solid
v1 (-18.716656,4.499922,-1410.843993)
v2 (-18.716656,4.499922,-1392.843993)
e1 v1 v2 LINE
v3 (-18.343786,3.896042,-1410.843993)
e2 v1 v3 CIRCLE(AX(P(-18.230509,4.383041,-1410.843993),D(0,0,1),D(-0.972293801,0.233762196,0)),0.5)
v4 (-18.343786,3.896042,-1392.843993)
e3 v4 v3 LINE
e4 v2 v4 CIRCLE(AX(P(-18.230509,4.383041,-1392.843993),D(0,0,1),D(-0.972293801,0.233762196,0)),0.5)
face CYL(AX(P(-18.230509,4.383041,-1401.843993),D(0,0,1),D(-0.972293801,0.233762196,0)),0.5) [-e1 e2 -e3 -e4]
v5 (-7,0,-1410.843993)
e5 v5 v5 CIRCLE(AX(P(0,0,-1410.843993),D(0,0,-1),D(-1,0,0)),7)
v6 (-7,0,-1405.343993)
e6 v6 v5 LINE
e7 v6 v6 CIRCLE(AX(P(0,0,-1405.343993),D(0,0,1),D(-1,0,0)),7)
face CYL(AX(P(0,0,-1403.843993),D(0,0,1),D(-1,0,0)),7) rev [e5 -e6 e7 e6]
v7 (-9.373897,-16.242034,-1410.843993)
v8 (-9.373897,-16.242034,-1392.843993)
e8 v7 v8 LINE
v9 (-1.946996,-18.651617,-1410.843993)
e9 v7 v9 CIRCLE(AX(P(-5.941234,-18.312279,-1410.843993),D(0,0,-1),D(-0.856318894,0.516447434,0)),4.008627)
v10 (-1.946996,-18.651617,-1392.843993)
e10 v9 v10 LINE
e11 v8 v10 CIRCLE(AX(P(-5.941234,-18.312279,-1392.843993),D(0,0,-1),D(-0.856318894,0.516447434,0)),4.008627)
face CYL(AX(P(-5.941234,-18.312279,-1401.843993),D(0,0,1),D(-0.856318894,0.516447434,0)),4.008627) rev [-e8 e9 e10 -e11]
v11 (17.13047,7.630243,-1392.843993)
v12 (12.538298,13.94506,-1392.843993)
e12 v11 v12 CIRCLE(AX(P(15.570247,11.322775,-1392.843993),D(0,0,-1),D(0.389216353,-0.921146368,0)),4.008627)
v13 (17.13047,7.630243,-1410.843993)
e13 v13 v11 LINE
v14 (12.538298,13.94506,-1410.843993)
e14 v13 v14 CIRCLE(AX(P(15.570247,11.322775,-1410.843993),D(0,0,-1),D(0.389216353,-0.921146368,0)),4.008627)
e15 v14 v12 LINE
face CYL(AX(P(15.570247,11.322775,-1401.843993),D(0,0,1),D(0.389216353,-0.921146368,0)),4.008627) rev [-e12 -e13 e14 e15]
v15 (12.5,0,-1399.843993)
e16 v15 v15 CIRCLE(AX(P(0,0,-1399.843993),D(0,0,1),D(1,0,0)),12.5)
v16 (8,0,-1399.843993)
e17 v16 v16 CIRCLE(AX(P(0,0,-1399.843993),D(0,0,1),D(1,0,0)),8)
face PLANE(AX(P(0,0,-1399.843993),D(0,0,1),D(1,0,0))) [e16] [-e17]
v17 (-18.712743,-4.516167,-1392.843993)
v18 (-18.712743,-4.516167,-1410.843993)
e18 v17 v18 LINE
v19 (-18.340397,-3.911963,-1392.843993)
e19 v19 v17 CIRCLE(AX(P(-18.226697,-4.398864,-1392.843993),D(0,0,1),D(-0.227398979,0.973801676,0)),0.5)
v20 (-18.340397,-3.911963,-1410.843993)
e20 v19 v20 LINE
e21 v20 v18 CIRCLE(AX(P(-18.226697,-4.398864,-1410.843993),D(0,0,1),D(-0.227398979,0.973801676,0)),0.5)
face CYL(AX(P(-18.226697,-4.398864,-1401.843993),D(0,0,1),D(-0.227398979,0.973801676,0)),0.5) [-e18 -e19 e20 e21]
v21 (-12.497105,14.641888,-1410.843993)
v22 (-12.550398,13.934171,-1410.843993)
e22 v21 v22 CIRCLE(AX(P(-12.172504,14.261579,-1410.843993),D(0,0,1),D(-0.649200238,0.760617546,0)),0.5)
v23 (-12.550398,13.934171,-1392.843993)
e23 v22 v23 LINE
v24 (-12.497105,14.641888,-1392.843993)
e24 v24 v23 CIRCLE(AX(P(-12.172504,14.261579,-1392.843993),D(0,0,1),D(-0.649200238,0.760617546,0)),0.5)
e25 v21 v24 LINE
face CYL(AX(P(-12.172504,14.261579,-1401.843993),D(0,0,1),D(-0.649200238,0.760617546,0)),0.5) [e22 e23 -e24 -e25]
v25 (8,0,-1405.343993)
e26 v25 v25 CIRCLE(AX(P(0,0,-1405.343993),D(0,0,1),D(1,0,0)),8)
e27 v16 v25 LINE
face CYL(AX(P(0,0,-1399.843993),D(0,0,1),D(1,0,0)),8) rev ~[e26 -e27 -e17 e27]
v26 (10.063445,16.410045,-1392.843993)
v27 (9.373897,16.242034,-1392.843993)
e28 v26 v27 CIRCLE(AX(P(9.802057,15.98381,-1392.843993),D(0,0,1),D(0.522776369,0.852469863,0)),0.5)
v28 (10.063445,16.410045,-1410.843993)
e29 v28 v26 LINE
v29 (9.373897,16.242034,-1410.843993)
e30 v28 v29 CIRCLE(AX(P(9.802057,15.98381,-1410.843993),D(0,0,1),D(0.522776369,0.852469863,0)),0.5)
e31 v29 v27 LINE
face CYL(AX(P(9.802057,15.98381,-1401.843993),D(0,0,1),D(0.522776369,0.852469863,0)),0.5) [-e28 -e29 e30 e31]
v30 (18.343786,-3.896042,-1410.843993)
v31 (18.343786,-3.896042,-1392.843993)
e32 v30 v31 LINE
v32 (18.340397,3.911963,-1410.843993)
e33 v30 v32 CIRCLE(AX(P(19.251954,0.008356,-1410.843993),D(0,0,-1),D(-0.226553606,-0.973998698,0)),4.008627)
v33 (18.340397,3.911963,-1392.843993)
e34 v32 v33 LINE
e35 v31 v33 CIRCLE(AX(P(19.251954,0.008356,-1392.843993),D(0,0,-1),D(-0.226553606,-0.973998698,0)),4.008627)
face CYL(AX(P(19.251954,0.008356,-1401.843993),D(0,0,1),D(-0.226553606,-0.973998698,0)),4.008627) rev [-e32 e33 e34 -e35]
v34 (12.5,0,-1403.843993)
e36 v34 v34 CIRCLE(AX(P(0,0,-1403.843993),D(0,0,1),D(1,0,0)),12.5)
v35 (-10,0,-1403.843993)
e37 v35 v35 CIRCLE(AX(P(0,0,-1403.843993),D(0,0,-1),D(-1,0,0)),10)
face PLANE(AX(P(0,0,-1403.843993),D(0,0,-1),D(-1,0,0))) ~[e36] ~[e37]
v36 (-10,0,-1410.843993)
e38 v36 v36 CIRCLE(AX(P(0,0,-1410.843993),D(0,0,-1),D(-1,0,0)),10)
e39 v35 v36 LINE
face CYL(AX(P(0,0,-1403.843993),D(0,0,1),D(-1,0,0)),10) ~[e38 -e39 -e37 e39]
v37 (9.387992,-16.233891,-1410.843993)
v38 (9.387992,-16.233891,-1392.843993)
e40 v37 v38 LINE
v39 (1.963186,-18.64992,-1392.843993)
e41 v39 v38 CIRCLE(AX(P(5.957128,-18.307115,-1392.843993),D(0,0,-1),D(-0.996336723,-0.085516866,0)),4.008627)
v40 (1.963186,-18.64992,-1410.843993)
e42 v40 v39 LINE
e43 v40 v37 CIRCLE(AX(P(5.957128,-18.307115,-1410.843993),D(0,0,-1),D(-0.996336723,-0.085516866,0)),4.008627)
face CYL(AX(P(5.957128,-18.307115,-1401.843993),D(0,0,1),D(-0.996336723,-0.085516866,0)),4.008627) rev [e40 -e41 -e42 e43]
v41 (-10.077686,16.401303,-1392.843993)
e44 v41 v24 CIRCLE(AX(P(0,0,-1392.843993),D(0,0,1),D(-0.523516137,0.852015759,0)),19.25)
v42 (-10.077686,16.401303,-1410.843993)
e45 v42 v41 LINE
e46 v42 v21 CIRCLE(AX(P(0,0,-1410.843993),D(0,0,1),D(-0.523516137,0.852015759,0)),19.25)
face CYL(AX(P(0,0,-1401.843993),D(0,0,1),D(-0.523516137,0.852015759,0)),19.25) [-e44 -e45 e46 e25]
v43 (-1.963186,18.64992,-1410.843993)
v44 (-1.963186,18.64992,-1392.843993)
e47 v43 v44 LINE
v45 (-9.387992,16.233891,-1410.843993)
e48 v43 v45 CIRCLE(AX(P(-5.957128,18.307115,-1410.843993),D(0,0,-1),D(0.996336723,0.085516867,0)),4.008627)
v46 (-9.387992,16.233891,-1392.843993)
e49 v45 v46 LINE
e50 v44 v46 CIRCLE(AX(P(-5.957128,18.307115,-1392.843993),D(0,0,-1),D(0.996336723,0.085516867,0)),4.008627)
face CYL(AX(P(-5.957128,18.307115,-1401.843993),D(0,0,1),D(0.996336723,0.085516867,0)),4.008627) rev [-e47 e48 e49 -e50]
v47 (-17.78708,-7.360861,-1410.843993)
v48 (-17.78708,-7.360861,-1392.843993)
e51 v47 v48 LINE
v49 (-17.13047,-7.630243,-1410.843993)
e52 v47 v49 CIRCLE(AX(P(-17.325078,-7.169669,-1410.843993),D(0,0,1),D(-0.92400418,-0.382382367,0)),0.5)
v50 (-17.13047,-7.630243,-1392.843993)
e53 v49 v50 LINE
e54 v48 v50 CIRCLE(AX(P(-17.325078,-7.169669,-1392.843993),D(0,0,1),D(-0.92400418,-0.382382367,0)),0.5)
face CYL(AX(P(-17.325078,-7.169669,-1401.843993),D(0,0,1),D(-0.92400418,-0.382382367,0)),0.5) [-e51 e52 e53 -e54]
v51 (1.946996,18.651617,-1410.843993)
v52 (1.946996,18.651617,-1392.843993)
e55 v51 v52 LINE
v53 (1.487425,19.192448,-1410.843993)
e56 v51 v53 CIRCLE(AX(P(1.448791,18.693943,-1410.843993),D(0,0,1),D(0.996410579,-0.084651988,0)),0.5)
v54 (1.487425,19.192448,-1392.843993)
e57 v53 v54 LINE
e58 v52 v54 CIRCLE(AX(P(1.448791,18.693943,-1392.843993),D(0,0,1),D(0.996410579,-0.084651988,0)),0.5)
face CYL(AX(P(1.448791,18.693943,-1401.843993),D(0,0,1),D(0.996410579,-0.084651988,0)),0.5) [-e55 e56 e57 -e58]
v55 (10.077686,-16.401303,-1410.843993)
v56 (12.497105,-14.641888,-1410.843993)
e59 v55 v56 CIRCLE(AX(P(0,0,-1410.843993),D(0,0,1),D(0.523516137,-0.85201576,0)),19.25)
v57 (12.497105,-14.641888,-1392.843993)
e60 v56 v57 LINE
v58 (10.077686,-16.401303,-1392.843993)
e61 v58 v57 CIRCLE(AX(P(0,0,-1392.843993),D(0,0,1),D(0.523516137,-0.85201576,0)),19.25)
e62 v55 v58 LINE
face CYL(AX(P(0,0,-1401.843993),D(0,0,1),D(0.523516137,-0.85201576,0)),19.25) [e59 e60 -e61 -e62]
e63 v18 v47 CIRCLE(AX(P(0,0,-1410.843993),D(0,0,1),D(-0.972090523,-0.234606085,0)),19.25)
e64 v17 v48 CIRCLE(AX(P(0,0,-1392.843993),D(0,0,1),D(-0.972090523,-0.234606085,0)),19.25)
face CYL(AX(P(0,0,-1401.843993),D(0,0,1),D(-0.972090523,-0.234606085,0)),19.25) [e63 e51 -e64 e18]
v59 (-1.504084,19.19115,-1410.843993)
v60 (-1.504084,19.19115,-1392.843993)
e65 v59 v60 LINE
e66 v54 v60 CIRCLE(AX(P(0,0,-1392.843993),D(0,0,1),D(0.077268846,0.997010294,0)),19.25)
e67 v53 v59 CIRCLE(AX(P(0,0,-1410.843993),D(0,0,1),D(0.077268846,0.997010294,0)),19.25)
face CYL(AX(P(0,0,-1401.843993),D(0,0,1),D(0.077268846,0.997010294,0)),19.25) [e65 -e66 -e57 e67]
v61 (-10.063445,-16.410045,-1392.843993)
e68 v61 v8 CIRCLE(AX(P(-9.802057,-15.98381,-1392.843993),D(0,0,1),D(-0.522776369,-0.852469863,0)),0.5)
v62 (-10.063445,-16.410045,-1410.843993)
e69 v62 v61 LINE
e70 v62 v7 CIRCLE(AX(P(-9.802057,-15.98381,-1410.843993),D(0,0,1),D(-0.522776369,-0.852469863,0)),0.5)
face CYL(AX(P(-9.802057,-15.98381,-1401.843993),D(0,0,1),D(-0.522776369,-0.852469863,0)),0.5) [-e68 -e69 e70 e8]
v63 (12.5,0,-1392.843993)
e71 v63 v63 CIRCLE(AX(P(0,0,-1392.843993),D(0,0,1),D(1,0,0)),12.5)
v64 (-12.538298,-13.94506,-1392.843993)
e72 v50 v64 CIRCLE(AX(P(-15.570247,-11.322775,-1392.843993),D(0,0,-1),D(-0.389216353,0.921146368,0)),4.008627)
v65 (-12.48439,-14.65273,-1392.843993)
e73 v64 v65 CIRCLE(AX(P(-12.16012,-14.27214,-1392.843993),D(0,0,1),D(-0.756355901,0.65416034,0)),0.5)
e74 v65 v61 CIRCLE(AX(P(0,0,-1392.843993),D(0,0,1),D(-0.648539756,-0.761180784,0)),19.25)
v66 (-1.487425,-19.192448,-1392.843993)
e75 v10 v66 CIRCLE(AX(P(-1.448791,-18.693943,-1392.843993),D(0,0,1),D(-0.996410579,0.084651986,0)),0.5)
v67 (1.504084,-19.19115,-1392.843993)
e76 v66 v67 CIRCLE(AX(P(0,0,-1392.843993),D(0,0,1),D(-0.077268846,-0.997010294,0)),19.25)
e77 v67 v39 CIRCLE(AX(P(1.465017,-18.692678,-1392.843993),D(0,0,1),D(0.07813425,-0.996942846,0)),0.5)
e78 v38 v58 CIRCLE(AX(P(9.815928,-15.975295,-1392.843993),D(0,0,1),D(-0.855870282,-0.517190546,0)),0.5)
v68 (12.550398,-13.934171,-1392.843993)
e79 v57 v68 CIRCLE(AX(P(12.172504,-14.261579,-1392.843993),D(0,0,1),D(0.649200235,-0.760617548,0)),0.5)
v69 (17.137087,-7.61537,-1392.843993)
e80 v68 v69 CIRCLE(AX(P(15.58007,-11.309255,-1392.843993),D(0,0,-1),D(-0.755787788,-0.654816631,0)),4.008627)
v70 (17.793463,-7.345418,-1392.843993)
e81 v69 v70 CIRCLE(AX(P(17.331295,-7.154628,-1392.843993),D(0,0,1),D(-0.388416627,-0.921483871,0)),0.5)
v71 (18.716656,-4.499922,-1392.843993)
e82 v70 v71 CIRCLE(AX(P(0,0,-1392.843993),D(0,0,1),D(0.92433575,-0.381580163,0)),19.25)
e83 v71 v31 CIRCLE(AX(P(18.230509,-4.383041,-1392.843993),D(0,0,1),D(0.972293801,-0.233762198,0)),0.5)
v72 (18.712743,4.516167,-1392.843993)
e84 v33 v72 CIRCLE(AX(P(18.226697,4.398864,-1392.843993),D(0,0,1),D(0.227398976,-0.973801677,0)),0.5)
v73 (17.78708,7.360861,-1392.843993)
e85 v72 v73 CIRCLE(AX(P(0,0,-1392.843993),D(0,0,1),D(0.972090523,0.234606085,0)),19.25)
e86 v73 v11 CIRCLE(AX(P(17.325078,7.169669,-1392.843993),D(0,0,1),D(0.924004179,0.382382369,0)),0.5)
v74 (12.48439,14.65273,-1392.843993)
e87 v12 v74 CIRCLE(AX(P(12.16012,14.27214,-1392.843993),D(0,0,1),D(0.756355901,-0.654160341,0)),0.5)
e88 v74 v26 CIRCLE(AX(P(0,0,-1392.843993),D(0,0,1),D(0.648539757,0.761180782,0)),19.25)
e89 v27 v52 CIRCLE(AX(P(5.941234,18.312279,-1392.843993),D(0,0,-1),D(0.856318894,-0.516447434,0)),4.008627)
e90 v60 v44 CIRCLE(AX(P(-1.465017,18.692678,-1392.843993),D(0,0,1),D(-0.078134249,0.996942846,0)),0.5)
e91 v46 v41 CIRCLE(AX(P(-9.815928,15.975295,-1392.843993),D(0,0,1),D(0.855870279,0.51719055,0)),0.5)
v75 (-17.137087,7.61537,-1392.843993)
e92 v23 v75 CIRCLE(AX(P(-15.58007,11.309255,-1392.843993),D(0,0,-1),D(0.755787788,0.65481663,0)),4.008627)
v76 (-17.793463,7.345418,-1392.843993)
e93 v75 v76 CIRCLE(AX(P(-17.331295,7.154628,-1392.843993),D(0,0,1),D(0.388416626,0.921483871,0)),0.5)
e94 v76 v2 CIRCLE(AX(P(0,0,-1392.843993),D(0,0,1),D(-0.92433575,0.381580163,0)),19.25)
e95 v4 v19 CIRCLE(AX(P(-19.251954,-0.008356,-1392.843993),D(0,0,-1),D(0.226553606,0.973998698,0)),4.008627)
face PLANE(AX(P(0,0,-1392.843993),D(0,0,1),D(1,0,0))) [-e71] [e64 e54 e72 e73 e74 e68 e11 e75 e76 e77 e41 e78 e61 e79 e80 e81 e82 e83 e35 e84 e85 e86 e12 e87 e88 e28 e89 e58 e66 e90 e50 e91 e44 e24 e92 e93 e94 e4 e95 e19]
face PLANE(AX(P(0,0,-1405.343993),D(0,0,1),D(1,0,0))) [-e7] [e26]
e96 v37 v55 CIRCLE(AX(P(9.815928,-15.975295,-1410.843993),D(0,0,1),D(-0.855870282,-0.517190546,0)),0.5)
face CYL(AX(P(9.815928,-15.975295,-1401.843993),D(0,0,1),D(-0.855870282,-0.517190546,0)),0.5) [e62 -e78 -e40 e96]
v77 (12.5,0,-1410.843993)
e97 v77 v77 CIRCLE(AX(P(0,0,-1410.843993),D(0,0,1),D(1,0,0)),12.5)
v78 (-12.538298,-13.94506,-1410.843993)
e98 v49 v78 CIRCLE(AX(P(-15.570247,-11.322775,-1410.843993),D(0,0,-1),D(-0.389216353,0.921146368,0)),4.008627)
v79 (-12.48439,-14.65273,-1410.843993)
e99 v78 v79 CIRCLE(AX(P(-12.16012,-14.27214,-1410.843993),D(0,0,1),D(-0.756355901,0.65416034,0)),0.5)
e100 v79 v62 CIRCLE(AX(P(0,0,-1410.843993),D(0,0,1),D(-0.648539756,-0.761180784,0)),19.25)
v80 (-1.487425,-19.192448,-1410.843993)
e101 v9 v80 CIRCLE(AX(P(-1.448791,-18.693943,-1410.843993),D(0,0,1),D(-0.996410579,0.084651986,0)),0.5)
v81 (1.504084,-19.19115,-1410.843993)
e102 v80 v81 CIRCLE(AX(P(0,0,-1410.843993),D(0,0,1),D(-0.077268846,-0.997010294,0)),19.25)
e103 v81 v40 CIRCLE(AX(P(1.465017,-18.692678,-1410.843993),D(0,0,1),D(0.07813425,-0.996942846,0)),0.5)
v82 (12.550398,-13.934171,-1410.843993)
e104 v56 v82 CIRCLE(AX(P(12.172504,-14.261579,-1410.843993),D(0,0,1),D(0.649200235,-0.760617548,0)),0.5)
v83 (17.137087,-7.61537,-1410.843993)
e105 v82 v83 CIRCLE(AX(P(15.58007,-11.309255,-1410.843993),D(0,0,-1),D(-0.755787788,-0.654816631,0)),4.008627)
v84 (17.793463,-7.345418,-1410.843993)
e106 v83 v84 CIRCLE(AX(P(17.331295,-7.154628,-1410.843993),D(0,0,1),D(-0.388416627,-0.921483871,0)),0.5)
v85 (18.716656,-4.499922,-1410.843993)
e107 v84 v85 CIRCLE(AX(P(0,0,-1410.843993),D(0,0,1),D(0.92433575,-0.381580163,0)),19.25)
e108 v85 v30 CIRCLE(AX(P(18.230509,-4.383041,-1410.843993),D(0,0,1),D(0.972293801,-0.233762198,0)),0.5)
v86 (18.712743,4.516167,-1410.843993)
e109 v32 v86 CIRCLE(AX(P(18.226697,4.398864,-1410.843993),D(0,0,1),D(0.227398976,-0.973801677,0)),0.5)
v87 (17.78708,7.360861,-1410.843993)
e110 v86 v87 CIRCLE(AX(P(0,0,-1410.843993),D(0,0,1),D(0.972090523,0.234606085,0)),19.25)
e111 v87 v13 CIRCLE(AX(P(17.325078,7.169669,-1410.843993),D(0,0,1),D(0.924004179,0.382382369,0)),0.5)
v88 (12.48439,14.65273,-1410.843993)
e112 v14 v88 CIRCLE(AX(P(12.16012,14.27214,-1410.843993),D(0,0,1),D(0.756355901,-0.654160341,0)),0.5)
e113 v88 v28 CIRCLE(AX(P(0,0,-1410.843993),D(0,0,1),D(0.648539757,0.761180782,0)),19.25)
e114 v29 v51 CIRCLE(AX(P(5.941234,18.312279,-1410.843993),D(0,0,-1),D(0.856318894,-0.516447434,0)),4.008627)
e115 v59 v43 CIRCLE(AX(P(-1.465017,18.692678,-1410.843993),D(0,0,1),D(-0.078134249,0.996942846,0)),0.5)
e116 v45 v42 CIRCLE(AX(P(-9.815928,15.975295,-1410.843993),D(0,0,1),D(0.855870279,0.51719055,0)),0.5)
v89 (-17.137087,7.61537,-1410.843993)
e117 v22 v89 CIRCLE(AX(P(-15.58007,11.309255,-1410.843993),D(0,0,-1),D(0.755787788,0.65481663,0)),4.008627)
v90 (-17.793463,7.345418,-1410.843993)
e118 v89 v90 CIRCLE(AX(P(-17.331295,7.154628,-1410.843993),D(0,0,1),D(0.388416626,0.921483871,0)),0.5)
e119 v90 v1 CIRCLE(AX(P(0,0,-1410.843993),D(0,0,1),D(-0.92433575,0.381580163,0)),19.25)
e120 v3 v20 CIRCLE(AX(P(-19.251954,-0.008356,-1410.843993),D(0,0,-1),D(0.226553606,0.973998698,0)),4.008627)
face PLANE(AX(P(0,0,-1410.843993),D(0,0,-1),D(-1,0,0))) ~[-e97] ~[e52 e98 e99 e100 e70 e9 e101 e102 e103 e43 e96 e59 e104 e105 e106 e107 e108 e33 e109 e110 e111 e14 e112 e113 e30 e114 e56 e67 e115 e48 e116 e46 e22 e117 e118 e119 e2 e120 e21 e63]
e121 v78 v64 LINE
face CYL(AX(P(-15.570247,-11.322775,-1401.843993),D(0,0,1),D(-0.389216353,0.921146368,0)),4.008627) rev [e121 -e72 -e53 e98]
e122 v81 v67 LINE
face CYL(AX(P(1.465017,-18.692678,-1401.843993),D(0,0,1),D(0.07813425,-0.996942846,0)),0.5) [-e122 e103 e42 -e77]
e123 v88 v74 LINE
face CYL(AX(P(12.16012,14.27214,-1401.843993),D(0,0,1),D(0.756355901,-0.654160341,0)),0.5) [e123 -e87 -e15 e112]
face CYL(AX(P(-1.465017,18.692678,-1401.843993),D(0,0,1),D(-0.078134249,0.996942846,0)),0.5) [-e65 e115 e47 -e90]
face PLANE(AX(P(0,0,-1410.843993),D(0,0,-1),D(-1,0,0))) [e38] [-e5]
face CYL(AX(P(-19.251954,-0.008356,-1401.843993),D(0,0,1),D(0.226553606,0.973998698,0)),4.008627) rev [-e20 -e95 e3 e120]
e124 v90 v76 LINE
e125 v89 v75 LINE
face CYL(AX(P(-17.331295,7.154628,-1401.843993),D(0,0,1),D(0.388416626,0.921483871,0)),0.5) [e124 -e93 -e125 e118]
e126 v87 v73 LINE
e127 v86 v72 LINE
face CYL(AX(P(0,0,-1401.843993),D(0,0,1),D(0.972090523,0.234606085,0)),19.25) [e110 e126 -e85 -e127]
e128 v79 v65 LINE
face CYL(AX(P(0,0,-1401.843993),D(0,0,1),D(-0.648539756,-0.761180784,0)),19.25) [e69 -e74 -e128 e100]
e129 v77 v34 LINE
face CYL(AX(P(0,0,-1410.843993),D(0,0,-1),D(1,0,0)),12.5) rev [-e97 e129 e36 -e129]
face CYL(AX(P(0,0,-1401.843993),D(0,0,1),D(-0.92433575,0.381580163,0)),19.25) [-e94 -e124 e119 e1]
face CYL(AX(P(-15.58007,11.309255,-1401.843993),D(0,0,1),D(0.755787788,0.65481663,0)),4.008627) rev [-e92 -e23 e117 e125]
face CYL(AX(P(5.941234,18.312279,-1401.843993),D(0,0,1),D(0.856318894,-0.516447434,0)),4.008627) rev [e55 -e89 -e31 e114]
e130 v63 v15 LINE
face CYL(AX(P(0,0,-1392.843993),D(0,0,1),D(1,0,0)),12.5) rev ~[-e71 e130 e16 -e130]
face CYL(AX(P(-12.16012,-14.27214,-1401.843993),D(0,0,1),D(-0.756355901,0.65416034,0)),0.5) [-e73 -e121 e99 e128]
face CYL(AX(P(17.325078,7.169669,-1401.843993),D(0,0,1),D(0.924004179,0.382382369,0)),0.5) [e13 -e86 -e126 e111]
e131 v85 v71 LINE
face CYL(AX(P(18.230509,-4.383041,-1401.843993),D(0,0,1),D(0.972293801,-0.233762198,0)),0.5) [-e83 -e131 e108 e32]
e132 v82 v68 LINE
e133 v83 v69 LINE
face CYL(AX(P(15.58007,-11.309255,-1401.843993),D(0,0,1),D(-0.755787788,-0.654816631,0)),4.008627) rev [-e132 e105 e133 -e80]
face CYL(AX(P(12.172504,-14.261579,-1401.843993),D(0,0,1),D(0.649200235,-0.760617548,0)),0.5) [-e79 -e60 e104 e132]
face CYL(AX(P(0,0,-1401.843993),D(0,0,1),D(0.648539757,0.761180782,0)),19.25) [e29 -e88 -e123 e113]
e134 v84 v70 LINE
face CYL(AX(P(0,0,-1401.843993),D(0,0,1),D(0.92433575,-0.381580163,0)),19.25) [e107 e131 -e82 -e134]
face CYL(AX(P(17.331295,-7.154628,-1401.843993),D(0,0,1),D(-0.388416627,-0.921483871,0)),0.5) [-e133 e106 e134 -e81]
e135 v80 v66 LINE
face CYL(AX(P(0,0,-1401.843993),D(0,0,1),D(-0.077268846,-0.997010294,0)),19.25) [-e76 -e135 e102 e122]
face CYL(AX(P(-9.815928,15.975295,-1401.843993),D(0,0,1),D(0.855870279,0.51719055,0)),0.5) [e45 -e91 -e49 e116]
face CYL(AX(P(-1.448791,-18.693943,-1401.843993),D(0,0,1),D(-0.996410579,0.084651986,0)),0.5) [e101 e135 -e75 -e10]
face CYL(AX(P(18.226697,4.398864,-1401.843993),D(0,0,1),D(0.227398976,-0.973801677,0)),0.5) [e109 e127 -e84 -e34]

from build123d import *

# Parameters (mm, degrees)
SPROKET_DEPTH       = 9
SKETCH3_R           = 12.5
CUT_EXTRUDE1_DEPTH  = 7
SKETCH4_R           = 10
SKETCH4_R_2         = 7
BOSS_EXTRUDE1_DEPTH = 7
SKETCH5_R           = 8
CUT_EXTRUDE2_DEPTH  = 5.5


with BuildPart() as part:
    # Sprocket → Sproket (new body)
    with BuildSketch(Plane(origin=(-521.333895642, -864.335014518, -1401.843992528), x_dir=(1, 0, 0), z_dir=(0, 0, 1))):
        with BuildLine():
            ThreePointArc((502.621153074, 859.818847383), (503.02864119, 858.378492088), (503.546815178, 856.974153932))
            ThreePointArc((503.546815178, 856.974153932), (503.819037022, 856.702761655), (504.203425444, 856.704771932))
            ThreePointArc((504.203425444, 856.704771932), (509.005673001, 855.369858884), (508.795597259, 850.389955006))
            ThreePointArc((508.795597259, 850.389955006), (508.675219652, 850.024896474), (508.849505331, 849.682284445))
            ThreePointArc((508.849505331, 849.682284445), (510.025789743, 848.756528039), (511.270450563, 847.924969632))
            ThreePointArc((511.270450563, 847.924969632), (511.650203039, 847.865416653), (511.959998194, 848.092980848))
            ThreePointArc((511.959998194, 848.092980848), (516.629740281, 849.835703798), (519.386899492, 845.683397507))
            ThreePointArc((519.386899492, 845.683397507), (519.504087984, 845.317302769), (519.846470359, 845.142566367))
            ThreePointArc((519.846470359, 845.142566367), (521.342250401, 845.085016331), (522.837979924, 845.143864722))
            ThreePointArc((522.837979924, 845.143864722), (523.180210493, 845.318898255), (523.297081161, 845.685094579))
            ThreePointArc((523.297081161, 845.685094579), (526.05063502, 849.839792593), (530.721888079, 848.101123761))
            ThreePointArc((530.721888079, 848.101123761), (531.031880649, 847.873828563), (531.411581288, 847.933711155))
            ThreePointArc((531.411581288, 847.933711155), (532.655519825, 848.766349647), (533.831000211, 849.693126751))
            ThreePointArc((533.831000211, 849.693126751), (534.004988429, 850.035889936), (533.884293987, 850.400843839))
            ThreePointArc((533.884293987, 850.400843839), (533.669895633, 855.380563489), (538.470982641, 856.719644514))
            ThreePointArc((538.470982641, 856.719644514), (538.855372663, 856.717967897), (539.127358829, 856.989596368))
            ThreePointArc((539.127358829, 856.989596368), (539.644313618, 858.394383784), (540.050551314, 859.835092247))
            ThreePointArc((540.050551314, 859.835092247), (539.989839594, 860.214661197), (539.677681217, 860.438972694))
            ThreePointArc((539.677681217, 860.438972694), (536.577223534, 864.341630328), (539.674292437, 868.246977772))
            ThreePointArc((539.674292437, 868.246977772), (539.986255988, 868.471560146), (540.046638209, 868.851181652))
            ThreePointArc((540.046638209, 868.851181652), (539.639150093, 870.291536947), (539.120976106, 871.695875104))
            ThreePointArc((539.120976106, 871.695875104), (538.848754261, 871.967267381), (538.464365839, 871.965257104))
            ThreePointArc((538.464365839, 871.965257104), (533.662118282, 873.300170152), (533.872194024, 878.280074029))
            ThreePointArc((533.872194024, 878.280074029), (533.992571631, 878.645132562), (533.818285952, 878.98774459))
            ThreePointArc((533.818285952, 878.98774459), (532.642001541, 879.913500997), (531.39734072, 880.745059403))
            ThreePointArc((531.39734072, 880.745059403), (531.017588244, 880.804612382), (530.70779309, 880.577048188))
            ThreePointArc((530.70779309, 880.577048188), (526.038051002, 878.834325238), (523.280891791, 882.986631528))
            ThreePointArc((523.280891791, 882.986631528), (523.163703299, 883.352726267), (522.821320924, 883.527462669))
            ThreePointArc((522.821320924, 883.527462669), (521.325540883, 883.585012705), (519.829811359, 883.526164313))
            ThreePointArc((519.829811359, 883.526164313), (519.48758079, 883.35113078), (519.370710122, 882.984934457))
            ThreePointArc((519.370710122, 882.984934457), (516.617156263, 878.830236442), (511.945903204, 880.568905275))
            ThreePointArc((511.945903204, 880.568905275), (511.635910634, 880.796200472), (511.256209995, 880.736317881))
            ThreePointArc((511.256209995, 880.736317881), (510.012271459, 879.903679389), (508.836791072, 878.976902284))
            ThreePointArc((508.836791072, 878.976902284), (508.662802855, 878.6341391), (508.783497297, 878.269185196))
            ThreePointArc((508.783497297, 878.269185196), (508.99789565, 873.289465546), (504.196808642, 871.950384521))
            ThreePointArc((504.196808642, 871.950384521), (503.81241862, 871.952061138), (503.540432454, 871.680432668))
            ThreePointArc((503.540432454, 871.680432668), (503.023477665, 870.275645251), (502.617239969, 868.834936788))
            ThreePointArc((502.617239969, 868.834936788), (502.677951689, 868.455367839), (502.990110067, 868.231056341))
            ThreePointArc((502.990110067, 868.231056341), (506.090567749, 864.328398708), (502.993498846, 860.423051264))
            ThreePointArc((502.993498846, 860.423051264), (502.681535295, 860.198468889), (502.621153074, 859.818847383))
        make_face()
    sproket = extrude(amount=SPROKET_DEPTH)

    # Sketch3 → Cut-Extrude1 (cut)
    with BuildSketch(Plane.XY.offset(-1392.843992528)):
        Circle(SKETCH3_R)
    cut_extrude1 = extrude(amount=-CUT_EXTRUDE1_DEPTH, mode=Mode.SUBTRACT)

    # Mirror1: Sproket, Cut-Extrude1 across plane
    add(sproket.mirror(Plane(origin=(9.113348653, 2.199432046, -1401.843992528), x_dir=(1, 0, 0), z_dir=(0, 0, 1))))
    add(cut_extrude1.mirror(Plane(origin=(9.113348653, 2.199432046, -1401.843992528), x_dir=(1, 0, 0), z_dir=(0, 0, 1))), mode=Mode.SUBTRACT)

    # Sketch4 → Boss-Extrude1 (add)
    with BuildSketch(Plane(origin=(0, 0, -1403.843992528), x_dir=(-1, 0, 0), z_dir=(0, 0, -1))):
        Circle(SKETCH4_R)
        Circle(SKETCH4_R_2, mode=Mode.SUBTRACT)
    extrude(amount=BOSS_EXTRUDE1_DEPTH)

    # Sketch5 → Cut-Extrude2 (cut)
    with BuildSketch(Plane.XY.offset(-1399.843992528)):
        Circle(SKETCH5_R)
    extrude(amount=-CUT_EXTRUDE2_DEPTH, mode=Mode.SUBTRACT)


solid = part.part
